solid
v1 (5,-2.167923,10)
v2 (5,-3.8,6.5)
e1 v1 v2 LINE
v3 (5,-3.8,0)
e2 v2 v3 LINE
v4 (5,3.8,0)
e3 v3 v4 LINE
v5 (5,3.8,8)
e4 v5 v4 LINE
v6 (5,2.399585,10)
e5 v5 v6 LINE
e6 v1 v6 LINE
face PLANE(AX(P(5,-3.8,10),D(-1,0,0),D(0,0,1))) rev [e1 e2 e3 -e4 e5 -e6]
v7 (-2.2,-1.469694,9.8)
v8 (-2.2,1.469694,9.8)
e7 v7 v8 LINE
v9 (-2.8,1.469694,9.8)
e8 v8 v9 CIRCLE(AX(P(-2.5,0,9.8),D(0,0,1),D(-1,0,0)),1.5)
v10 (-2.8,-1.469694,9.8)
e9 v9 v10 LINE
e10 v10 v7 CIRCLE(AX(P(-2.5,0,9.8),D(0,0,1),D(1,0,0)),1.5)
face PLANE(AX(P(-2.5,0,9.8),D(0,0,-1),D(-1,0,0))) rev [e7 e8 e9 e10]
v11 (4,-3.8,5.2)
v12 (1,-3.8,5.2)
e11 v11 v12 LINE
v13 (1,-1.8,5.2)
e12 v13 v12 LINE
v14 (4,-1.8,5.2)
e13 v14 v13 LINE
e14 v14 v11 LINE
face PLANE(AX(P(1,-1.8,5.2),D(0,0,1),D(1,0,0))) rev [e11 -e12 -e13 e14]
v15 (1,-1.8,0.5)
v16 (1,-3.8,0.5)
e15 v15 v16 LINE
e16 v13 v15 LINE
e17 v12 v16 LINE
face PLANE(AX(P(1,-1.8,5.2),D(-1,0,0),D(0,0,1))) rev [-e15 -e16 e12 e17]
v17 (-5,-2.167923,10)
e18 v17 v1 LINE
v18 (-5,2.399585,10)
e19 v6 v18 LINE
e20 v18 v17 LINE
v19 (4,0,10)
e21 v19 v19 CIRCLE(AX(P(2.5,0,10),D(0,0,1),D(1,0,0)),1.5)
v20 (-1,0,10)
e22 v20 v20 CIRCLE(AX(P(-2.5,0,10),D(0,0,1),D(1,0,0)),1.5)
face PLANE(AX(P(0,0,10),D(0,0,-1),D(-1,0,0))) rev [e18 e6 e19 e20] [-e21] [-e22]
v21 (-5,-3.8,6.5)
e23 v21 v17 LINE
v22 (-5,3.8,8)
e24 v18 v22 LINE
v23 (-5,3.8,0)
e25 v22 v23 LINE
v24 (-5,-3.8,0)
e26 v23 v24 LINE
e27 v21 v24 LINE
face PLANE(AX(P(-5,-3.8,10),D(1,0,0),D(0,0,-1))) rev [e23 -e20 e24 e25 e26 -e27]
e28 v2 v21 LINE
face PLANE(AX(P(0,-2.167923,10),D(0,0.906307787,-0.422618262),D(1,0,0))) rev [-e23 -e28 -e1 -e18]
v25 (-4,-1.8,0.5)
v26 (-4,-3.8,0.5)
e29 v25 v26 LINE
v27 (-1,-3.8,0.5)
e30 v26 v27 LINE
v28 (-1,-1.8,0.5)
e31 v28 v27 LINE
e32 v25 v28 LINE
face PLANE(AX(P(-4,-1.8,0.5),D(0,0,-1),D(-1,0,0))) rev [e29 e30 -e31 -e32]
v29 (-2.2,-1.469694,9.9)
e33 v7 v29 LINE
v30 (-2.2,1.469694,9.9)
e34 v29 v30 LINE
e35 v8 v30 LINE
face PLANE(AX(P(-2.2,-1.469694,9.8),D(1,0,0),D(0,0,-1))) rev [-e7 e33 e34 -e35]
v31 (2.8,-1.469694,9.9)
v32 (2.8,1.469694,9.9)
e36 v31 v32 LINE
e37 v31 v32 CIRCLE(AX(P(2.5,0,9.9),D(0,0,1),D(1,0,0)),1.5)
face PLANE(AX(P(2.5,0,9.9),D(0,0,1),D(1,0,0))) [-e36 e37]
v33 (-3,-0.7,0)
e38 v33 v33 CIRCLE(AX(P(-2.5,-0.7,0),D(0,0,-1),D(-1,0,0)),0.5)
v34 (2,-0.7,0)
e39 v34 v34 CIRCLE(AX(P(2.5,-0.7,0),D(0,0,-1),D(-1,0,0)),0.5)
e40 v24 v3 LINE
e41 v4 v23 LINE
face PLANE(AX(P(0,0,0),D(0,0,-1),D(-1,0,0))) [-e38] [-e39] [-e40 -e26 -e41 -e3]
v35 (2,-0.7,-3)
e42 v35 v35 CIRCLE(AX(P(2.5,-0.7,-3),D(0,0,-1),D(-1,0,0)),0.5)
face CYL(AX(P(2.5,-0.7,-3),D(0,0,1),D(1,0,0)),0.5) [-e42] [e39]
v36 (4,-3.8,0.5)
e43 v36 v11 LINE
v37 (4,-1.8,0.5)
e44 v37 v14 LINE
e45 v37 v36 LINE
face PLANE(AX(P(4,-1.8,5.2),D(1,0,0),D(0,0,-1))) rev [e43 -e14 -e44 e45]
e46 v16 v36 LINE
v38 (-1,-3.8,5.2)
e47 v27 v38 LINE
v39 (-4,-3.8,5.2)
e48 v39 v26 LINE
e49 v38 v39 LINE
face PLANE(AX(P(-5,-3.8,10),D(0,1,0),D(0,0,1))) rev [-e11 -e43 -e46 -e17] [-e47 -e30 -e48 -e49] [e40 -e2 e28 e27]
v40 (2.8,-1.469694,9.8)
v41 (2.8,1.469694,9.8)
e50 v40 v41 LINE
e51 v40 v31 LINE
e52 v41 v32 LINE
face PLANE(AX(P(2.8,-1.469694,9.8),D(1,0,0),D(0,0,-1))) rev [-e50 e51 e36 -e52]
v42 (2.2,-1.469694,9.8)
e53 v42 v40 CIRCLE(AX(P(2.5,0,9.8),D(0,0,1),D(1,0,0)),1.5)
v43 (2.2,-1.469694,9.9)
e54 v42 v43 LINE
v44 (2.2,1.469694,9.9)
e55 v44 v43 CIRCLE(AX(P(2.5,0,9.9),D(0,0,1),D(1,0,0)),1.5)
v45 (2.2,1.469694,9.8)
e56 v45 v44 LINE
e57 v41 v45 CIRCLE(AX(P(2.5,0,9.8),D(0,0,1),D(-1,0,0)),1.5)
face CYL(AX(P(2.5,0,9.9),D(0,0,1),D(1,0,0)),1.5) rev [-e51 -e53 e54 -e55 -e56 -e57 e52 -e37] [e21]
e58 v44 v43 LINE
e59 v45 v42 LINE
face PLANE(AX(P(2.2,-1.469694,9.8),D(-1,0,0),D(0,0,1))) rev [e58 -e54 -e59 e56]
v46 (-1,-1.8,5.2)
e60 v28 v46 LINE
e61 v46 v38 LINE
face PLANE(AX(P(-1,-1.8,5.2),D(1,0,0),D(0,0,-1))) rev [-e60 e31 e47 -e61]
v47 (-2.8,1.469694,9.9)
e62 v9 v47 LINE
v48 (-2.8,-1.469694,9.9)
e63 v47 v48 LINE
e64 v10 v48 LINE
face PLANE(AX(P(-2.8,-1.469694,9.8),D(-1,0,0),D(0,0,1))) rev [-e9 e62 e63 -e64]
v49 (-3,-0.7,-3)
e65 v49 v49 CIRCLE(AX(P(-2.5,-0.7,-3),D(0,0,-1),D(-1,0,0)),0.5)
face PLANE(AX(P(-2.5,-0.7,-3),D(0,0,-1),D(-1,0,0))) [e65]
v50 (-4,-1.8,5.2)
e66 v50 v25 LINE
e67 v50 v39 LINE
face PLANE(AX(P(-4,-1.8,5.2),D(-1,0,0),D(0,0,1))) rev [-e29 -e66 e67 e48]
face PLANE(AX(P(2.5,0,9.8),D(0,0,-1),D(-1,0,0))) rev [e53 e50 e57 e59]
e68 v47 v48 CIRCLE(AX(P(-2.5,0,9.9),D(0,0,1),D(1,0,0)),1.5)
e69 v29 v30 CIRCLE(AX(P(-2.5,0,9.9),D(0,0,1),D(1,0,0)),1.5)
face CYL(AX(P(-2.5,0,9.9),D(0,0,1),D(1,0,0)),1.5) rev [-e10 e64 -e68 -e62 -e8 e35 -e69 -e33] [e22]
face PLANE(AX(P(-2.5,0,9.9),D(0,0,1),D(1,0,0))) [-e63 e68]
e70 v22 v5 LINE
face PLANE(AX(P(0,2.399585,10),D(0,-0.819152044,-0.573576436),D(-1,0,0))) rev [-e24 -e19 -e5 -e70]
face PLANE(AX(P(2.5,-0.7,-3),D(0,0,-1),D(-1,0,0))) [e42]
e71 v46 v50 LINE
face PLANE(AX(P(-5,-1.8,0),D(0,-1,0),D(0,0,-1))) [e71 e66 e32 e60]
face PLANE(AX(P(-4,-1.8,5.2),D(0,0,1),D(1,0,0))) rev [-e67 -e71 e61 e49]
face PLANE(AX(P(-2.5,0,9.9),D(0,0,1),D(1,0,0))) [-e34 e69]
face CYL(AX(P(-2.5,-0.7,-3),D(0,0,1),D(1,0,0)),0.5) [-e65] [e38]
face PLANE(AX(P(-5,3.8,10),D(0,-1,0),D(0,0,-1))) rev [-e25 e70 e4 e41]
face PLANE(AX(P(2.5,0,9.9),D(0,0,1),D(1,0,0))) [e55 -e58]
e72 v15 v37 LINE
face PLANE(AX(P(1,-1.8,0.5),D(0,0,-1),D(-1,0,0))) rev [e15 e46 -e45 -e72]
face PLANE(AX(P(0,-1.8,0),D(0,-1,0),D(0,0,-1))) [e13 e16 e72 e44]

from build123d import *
from build123d.topology import SkipClean

# Parameters (mm, degrees)
SKETCH_1_W             = 10
SKETCH_1_H             = 7.6
EXTRUDE_1_DEPTH        = 10
SKETCH_2_R             = 1.5
CUT_EXTRUDE_1_DEPTH    = 0.1
CUT_EXTRUDE_2_DEPTH    = 0.1
SKETCH_4_W             = 3
SKETCH_4_H             = 4.7
CUT_EXTRUDE_3_DEPTH    = 2
SKETCH_5_R             = 0.5
EXTRUDE_2_DEPTH        = 3
PATTERN_LINEAR_1_COUNT = 2
PATTERN_LINEAR_1_PITCH = 5
CHAMFER_1_SIZE         = 3.5
CHAMFER_1_SIZE2        = 1.632076804
CHAMFER_2_SIZE         = 2
CHAMFER_2_SIZE2        = 1.400415076


with BuildPart() as part:
    # Эскиз1 → Бобышка-Вытянуть1 (new body)
    with BuildSketch(Plane.XY):
        Rectangle(SKETCH_1_W, SKETCH_1_H)
    extrude(amount=EXTRUDE_1_DEPTH)

    # Эскиз2 → Вырез-Вытянуть1 (cut)
    with BuildSketch(Plane.XY.offset(10)):
        with Locations((2.5, 0)):
            Circle(SKETCH_2_R)
    cut_extrude_1 = extrude(amount=-CUT_EXTRUDE_1_DEPTH, mode=Mode.SUBTRACT)

    # Эскиз3 → Вырез-Вытянуть2 (cut)
    with SkipClean():  # the faces are left unmerged after this step: merging them gives an invalid solid
        with BuildSketch(Plane.XY.offset(9.9)):
            with BuildLine():
                Line((2.2, -1.469693846), (2.2, 1.469693846))
                ThreePointArc((2.2, 1.469693846), (2.5, 1.5), (2.8, 1.469693846))
                Line((2.8, 1.469693846), (2.8, -1.469693846))
                ThreePointArc((2.8, -1.469693846), (2.5, -1.5), (2.2, -1.469693846))
            make_face()
        cut_extrude_2 = extrude(amount=-CUT_EXTRUDE_2_DEPTH, mode=Mode.SUBTRACT)

    # Эскиз4 → Вырез-Вытянуть3 (cut)
    with SkipClean():  # the faces are left unmerged after this step: merging them gives an invalid solid
        with BuildSketch(Plane.XZ.offset(3.8)):
            with Locations((2.5, 2.85)):
                Rectangle(SKETCH_4_W, SKETCH_4_H)
        cut_extrude_3 = extrude(amount=-CUT_EXTRUDE_3_DEPTH, mode=Mode.SUBTRACT)

    # Эскиз5 → Бобышка-Вытянуть2 (add)
    with SkipClean():  # the faces are left unmerged after this step: merging them gives an invalid solid
        with BuildSketch(Plane(origin=(0, 0, 0), x_dir=(-1, 0, 0), z_dir=(0, 0, -1))):
            with Locations((-2.5, -0.7)):
                Circle(SKETCH_5_R)
        extrude_2 = extrude(amount=EXTRUDE_2_DEPTH)

    # Линейный массив1: Вырез-Вытянуть1, Вырез-Вытянуть2, Вырез-Вытянуть3, Бобышка-Вытянуть2 ×2
    with SkipClean():  # the faces are left unmerged after this step: merging them gives an invalid solid
        with Locations(*[(-i * PATTERN_LINEAR_1_PITCH, 0, 0) for i in range(1, PATTERN_LINEAR_1_COUNT)]):
            add(cut_extrude_1, mode=Mode.SUBTRACT)
            add(cut_extrude_2, mode=Mode.SUBTRACT)
            add(cut_extrude_3, mode=Mode.SUBTRACT)
            add(extrude_2)

    # Фаска1
    chamfer_1_edges = [part.edges().sort_by_distance(p)[0] for p in [
        (0, -3.8, 10),
    ]]
    chamfer_1_side = [part.faces().sort_by_distance(p)[0] for p in [
        (0, -3.8, 5.844428969),
    ]]
    chamfer(chamfer_1_edges, length=CHAMFER_1_SIZE, length2=CHAMFER_1_SIZE2, reference=chamfer_1_side[0])

    # Фаска2
    chamfer_2_edges = [part.edges().sort_by_distance(p)[0] for p in [
        (0, 3.8, 10),
    ]]
    chamfer_2_side = [part.faces().sort_by_distance(p)[0] for p in [
        (0, 3.8, 5),
    ]]
    chamfer(chamfer_2_edges, length=CHAMFER_2_SIZE, length2=CHAMFER_2_SIZE2, reference=chamfer_2_side[0])


solid = part.part
